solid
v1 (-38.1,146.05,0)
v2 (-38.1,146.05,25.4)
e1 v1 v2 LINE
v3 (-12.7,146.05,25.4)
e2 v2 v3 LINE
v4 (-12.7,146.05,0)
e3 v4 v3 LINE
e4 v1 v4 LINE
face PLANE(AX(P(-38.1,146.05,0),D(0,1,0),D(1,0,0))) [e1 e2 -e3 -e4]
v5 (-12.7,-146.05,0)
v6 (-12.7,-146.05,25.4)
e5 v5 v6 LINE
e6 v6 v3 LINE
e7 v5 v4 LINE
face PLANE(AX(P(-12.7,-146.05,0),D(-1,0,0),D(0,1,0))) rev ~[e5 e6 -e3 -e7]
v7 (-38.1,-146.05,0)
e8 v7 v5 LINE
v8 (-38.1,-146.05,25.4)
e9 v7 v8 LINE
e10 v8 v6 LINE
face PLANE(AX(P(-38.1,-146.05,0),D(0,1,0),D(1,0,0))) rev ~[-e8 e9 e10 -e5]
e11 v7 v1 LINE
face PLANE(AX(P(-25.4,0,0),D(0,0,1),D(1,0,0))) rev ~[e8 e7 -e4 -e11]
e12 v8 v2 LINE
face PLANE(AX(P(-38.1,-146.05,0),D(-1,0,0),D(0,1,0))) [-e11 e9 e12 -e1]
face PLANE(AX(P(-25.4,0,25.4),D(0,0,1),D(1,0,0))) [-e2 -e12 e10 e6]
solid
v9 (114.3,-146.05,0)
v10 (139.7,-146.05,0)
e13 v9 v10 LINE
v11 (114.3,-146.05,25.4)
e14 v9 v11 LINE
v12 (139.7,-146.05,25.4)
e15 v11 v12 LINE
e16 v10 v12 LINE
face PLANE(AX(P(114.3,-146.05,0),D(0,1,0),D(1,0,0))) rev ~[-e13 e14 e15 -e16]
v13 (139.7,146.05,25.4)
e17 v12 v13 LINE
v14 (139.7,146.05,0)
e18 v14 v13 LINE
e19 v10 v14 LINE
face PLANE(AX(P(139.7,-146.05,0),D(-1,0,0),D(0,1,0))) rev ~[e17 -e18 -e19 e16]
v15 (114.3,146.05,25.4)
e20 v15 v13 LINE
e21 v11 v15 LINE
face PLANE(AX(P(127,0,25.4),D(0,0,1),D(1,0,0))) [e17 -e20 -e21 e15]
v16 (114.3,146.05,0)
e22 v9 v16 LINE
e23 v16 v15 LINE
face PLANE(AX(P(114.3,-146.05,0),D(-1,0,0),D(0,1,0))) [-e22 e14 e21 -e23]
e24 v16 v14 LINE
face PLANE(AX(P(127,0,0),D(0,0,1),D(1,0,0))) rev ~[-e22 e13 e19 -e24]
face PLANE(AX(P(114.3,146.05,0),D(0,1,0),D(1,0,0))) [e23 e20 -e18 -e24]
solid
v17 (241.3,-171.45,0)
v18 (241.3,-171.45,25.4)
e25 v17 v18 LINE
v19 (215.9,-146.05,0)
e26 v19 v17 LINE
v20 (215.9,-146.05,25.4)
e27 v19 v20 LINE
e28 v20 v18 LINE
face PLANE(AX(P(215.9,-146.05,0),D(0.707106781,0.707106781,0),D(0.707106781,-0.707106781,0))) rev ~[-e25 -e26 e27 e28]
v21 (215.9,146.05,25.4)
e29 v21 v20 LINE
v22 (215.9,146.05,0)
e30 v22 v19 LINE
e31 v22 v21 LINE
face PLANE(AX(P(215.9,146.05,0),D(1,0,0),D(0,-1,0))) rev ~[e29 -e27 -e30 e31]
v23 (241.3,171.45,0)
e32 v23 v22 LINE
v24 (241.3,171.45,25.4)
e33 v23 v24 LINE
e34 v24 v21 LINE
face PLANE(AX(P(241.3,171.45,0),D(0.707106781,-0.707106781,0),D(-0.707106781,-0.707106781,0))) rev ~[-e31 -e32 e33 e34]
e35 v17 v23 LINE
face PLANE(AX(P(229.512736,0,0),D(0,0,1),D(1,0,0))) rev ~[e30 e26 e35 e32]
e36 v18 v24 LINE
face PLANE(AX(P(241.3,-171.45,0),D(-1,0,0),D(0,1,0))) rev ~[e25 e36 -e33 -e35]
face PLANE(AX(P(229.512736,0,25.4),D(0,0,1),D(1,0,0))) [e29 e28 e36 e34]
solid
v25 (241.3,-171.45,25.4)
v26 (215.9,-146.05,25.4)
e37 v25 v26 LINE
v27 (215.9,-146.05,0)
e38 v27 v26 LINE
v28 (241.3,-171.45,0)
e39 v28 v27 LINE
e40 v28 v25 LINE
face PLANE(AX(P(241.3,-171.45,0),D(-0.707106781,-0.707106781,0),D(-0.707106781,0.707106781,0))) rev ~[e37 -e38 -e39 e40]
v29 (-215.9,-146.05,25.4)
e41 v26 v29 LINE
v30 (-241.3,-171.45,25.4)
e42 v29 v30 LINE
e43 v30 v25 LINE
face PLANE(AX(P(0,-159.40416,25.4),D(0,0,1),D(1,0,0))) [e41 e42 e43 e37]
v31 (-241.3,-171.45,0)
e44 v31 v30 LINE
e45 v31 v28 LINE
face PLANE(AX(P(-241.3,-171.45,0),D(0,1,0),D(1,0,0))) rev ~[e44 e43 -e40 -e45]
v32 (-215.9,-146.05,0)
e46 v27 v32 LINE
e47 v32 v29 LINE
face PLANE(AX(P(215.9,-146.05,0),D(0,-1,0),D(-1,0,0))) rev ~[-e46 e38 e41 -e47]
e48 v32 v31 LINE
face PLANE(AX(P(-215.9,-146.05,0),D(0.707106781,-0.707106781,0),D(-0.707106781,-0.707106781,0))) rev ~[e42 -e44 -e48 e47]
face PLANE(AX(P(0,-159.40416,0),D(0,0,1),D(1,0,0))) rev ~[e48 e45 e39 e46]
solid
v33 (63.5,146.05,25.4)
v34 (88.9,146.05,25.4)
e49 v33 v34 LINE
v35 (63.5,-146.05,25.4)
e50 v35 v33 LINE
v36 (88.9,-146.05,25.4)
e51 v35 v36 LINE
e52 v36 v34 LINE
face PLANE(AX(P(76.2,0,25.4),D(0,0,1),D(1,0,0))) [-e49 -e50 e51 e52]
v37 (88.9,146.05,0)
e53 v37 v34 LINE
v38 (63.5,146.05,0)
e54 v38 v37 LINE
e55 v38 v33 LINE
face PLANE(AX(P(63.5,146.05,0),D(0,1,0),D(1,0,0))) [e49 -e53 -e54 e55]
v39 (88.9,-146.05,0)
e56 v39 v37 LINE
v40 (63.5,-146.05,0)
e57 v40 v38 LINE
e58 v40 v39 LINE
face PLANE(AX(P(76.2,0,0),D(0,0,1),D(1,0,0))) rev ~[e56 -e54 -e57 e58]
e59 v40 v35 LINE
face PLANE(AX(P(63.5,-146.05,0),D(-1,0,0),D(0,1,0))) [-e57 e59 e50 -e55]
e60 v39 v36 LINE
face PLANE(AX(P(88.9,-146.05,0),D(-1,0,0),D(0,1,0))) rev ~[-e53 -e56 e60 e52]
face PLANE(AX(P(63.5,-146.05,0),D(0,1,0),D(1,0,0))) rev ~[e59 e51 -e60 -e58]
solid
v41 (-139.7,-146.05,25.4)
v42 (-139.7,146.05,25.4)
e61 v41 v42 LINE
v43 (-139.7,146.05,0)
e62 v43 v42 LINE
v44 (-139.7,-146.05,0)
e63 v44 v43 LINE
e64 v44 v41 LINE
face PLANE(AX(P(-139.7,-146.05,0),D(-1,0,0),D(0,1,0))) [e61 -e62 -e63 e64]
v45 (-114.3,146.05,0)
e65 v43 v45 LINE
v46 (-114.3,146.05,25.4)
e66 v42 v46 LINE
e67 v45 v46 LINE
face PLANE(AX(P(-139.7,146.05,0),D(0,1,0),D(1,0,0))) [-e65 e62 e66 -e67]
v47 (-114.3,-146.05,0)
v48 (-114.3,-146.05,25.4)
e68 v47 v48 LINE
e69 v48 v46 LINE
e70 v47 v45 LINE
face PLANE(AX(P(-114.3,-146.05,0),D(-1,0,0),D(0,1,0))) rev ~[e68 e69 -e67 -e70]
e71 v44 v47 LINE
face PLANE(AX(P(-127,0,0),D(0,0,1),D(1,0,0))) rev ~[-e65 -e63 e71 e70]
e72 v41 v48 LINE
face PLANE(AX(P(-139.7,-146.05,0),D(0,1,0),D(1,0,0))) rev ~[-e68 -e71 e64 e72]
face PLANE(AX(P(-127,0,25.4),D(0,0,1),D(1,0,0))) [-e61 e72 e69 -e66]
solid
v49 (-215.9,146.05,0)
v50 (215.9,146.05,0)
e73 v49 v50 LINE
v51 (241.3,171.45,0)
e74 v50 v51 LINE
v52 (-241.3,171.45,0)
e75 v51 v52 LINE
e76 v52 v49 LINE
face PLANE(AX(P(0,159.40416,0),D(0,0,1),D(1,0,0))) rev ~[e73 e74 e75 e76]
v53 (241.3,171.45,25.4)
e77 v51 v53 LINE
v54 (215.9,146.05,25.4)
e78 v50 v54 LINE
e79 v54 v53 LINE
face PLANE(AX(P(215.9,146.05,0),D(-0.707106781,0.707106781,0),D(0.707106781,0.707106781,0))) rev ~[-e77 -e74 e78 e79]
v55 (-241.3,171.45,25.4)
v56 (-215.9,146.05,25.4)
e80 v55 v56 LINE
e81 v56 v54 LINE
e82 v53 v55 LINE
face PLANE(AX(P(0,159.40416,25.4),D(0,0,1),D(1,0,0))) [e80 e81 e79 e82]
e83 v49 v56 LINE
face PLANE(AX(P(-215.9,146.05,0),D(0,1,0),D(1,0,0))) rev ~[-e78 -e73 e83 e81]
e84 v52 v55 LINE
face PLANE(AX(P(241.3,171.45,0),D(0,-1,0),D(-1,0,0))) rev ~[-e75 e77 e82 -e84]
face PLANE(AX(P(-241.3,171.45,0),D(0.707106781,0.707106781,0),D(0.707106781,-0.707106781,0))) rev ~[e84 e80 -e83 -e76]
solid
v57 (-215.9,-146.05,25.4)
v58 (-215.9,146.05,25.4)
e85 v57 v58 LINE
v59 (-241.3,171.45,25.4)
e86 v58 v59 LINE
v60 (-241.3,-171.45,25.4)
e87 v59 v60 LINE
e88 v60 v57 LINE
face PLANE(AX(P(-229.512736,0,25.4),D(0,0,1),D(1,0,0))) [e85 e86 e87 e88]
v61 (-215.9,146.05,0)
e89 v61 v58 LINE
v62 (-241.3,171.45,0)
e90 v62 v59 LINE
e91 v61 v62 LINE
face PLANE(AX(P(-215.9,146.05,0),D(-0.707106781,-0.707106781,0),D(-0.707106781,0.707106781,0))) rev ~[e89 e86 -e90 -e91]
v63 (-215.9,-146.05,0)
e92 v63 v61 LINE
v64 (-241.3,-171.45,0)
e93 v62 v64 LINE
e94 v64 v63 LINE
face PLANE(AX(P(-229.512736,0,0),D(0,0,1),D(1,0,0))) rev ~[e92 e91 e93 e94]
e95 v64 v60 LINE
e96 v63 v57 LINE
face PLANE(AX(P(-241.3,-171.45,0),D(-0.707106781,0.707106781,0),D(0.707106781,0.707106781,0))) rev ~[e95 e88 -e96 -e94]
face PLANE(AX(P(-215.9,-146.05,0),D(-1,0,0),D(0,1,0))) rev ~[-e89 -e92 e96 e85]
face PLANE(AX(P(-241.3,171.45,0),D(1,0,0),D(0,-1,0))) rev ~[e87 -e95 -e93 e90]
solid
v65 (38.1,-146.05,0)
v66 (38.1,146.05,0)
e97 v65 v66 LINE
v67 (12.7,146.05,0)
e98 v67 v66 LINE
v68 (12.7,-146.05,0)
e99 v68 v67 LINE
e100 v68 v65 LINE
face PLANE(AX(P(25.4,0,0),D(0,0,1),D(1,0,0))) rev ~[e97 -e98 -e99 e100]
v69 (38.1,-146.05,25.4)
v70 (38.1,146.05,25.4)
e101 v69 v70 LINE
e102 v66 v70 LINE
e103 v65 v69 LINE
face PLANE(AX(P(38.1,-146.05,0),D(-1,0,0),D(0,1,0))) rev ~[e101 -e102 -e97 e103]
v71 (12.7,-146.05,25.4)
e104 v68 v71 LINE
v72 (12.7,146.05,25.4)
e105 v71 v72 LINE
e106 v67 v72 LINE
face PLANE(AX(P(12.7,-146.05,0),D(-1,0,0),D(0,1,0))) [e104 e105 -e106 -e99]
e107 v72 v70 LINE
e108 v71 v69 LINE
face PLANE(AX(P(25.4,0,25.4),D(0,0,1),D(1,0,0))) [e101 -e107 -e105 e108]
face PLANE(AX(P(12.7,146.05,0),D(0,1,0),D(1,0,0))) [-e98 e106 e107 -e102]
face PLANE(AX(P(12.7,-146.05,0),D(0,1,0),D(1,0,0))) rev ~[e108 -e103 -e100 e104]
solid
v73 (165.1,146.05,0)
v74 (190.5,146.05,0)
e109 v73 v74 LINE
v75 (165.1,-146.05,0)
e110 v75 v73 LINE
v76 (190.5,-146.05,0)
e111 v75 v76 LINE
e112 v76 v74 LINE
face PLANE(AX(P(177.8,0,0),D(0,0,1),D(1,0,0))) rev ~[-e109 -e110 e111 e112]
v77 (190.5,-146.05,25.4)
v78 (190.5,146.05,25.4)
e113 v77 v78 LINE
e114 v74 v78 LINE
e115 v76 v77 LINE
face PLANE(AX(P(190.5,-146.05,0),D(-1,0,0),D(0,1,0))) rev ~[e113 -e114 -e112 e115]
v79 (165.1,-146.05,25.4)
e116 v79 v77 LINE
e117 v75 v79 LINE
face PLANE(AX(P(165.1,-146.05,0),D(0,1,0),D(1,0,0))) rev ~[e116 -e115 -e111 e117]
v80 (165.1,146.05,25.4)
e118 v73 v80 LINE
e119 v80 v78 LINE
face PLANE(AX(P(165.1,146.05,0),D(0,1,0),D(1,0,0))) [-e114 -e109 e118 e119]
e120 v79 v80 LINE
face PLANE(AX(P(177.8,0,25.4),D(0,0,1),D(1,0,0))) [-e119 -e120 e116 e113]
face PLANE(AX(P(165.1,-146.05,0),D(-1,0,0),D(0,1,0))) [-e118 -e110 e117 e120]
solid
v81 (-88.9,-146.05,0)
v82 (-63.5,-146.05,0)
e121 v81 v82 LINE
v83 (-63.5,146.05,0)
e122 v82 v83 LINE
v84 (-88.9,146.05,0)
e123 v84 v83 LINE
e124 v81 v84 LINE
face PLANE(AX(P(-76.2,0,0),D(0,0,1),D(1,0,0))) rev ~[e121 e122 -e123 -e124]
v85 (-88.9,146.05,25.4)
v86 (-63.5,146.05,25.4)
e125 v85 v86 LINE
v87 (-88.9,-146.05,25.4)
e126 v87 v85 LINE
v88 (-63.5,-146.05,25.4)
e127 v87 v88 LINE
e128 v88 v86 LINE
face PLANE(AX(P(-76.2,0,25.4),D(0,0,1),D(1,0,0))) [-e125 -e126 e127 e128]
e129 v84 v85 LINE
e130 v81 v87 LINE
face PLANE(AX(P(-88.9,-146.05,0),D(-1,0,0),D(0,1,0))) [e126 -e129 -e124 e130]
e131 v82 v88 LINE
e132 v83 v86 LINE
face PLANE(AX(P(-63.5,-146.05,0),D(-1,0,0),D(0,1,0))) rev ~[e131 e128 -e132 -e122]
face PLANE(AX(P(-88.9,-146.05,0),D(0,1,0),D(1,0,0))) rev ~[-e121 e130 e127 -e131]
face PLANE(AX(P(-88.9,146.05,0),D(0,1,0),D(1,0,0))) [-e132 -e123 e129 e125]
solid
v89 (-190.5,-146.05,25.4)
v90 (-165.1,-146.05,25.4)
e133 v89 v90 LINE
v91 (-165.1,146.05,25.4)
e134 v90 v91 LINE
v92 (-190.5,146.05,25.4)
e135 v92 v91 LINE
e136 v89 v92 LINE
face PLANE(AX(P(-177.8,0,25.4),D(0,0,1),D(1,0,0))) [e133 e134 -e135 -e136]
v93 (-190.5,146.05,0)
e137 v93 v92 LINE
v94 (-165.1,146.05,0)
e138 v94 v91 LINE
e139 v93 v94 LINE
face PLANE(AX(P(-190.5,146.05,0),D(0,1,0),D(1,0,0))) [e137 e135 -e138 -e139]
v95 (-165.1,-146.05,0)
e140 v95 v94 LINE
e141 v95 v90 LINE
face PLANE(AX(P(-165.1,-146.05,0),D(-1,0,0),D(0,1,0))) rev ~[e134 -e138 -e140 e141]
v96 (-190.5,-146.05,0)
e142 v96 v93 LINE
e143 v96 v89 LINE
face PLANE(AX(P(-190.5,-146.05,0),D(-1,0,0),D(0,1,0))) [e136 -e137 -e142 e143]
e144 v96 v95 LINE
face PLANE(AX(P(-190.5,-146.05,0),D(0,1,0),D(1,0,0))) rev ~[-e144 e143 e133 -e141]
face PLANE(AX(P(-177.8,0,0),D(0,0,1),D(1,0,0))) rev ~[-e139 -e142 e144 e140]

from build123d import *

# Parameters (mm, degrees)
F1_DEPTH  = 25.4
F2_DEPTH  = 25.4
F3_DEPTH  = 25.4
F4_DEPTH  = 25.4
F5_W      = 25.4
F5_H      = 292.1
F6_DEPTH  = 25.4
F7_DEPTH  = 25.4
F8_DEPTH  = 25.4
F9_DEPTH  = 25.4
F10_DEPTH = 25.4
F11_DEPTH = 25.4
F12_DEPTH = 25.4
F13_DEPTH = 25.4


with BuildPart() as f1:
    # F0 (on Top) → F1 (new body)
    with BuildSketch(Plane.XY):
        Polygon((241.3, 171.45), (-241.3, 171.45), (-215.9, 146.05), (215.9, 146.05), align=None)
    extrude(amount=F1_DEPTH)


with BuildPart() as f2:
    # F0 (on Top) → F2 (new body)
    with BuildSketch(Plane.XY):
        Polygon((-241.3, 171.45), (-241.3, -171.45), (-215.9, -146.05), (-215.9, 146.05), align=None)
    extrude(amount=F2_DEPTH)


with BuildPart() as f3:
    # F0 (on Top) → F3 (new body)
    with BuildSketch(Plane.XY):
        Polygon((-215.9, -146.05), (-241.3, -171.45), (241.3, -171.45), (215.9, -146.05), align=None)
    extrude(amount=F3_DEPTH)


with BuildPart() as f4:
    # F0 (on Top) → F4 (new body)
    with BuildSketch(Plane.XY):
        Polygon((215.9, -146.05), (241.3, -171.45), (241.3, 171.45), (215.9, 146.05), align=None)
    extrude(amount=F4_DEPTH)


with BuildPart() as f6:
    # F5 (on Top) → F6 (new body)
    with BuildSketch(Plane.XY):
        with Locations((-177.8, 0)):
            Rectangle(F5_W, F5_H)
    extrude(amount=F6_DEPTH)


with BuildPart() as f7:
    # F5 (on Top) → F7 (new body)
    with BuildSketch(Plane.XY):
        with Locations((-127, 0)):
            Rectangle(F5_W, F5_H)
    extrude(amount=F7_DEPTH)


with BuildPart() as f8:
    # F5 (on Top) → F8 (new body)
    with BuildSketch(Plane.XY):
        with Locations((-76.2, 0)):
            Rectangle(F5_W, F5_H)
    extrude(amount=F8_DEPTH)


with BuildPart() as f9:
    # F5 (on Top) → F9 (new body)
    with BuildSketch(Plane.XY):
        with Locations((-25.4, 0)):
            Rectangle(F5_W, F5_H)
    extrude(amount=F9_DEPTH)


with BuildPart() as f10:
    # F5 (on Top) → F10 (new body)
    with BuildSketch(Plane.XY):
        with Locations((25.4, 0)):
            Rectangle(F5_W, F5_H)
    extrude(amount=F10_DEPTH)


with BuildPart() as f11:
    # F5 (on Top) → F11 (new body)
    with BuildSketch(Plane.XY):
        with Locations((76.2, 0)):
            Rectangle(F5_W, F5_H)
    extrude(amount=F11_DEPTH)


with BuildPart() as f12:
    # F5 (on Top) → F12 (new body)
    with BuildSketch(Plane.XY):
        with Locations((127, 0)):
            Rectangle(F5_W, F5_H)
    extrude(amount=F12_DEPTH)


with BuildPart() as f13:
    # F5 (on Top) → F13 (new body)
    with BuildSketch(Plane.XY):
        with Locations((177.8, 0)):
            Rectangle(F5_W, F5_H)
    extrude(amount=F13_DEPTH)


solid = Compound([f1.part, f2.part, f3.part, f4.part, f6.part, f7.part, f8.part, f9.part, f10.part, f11.part, f12.part, f13.part])
